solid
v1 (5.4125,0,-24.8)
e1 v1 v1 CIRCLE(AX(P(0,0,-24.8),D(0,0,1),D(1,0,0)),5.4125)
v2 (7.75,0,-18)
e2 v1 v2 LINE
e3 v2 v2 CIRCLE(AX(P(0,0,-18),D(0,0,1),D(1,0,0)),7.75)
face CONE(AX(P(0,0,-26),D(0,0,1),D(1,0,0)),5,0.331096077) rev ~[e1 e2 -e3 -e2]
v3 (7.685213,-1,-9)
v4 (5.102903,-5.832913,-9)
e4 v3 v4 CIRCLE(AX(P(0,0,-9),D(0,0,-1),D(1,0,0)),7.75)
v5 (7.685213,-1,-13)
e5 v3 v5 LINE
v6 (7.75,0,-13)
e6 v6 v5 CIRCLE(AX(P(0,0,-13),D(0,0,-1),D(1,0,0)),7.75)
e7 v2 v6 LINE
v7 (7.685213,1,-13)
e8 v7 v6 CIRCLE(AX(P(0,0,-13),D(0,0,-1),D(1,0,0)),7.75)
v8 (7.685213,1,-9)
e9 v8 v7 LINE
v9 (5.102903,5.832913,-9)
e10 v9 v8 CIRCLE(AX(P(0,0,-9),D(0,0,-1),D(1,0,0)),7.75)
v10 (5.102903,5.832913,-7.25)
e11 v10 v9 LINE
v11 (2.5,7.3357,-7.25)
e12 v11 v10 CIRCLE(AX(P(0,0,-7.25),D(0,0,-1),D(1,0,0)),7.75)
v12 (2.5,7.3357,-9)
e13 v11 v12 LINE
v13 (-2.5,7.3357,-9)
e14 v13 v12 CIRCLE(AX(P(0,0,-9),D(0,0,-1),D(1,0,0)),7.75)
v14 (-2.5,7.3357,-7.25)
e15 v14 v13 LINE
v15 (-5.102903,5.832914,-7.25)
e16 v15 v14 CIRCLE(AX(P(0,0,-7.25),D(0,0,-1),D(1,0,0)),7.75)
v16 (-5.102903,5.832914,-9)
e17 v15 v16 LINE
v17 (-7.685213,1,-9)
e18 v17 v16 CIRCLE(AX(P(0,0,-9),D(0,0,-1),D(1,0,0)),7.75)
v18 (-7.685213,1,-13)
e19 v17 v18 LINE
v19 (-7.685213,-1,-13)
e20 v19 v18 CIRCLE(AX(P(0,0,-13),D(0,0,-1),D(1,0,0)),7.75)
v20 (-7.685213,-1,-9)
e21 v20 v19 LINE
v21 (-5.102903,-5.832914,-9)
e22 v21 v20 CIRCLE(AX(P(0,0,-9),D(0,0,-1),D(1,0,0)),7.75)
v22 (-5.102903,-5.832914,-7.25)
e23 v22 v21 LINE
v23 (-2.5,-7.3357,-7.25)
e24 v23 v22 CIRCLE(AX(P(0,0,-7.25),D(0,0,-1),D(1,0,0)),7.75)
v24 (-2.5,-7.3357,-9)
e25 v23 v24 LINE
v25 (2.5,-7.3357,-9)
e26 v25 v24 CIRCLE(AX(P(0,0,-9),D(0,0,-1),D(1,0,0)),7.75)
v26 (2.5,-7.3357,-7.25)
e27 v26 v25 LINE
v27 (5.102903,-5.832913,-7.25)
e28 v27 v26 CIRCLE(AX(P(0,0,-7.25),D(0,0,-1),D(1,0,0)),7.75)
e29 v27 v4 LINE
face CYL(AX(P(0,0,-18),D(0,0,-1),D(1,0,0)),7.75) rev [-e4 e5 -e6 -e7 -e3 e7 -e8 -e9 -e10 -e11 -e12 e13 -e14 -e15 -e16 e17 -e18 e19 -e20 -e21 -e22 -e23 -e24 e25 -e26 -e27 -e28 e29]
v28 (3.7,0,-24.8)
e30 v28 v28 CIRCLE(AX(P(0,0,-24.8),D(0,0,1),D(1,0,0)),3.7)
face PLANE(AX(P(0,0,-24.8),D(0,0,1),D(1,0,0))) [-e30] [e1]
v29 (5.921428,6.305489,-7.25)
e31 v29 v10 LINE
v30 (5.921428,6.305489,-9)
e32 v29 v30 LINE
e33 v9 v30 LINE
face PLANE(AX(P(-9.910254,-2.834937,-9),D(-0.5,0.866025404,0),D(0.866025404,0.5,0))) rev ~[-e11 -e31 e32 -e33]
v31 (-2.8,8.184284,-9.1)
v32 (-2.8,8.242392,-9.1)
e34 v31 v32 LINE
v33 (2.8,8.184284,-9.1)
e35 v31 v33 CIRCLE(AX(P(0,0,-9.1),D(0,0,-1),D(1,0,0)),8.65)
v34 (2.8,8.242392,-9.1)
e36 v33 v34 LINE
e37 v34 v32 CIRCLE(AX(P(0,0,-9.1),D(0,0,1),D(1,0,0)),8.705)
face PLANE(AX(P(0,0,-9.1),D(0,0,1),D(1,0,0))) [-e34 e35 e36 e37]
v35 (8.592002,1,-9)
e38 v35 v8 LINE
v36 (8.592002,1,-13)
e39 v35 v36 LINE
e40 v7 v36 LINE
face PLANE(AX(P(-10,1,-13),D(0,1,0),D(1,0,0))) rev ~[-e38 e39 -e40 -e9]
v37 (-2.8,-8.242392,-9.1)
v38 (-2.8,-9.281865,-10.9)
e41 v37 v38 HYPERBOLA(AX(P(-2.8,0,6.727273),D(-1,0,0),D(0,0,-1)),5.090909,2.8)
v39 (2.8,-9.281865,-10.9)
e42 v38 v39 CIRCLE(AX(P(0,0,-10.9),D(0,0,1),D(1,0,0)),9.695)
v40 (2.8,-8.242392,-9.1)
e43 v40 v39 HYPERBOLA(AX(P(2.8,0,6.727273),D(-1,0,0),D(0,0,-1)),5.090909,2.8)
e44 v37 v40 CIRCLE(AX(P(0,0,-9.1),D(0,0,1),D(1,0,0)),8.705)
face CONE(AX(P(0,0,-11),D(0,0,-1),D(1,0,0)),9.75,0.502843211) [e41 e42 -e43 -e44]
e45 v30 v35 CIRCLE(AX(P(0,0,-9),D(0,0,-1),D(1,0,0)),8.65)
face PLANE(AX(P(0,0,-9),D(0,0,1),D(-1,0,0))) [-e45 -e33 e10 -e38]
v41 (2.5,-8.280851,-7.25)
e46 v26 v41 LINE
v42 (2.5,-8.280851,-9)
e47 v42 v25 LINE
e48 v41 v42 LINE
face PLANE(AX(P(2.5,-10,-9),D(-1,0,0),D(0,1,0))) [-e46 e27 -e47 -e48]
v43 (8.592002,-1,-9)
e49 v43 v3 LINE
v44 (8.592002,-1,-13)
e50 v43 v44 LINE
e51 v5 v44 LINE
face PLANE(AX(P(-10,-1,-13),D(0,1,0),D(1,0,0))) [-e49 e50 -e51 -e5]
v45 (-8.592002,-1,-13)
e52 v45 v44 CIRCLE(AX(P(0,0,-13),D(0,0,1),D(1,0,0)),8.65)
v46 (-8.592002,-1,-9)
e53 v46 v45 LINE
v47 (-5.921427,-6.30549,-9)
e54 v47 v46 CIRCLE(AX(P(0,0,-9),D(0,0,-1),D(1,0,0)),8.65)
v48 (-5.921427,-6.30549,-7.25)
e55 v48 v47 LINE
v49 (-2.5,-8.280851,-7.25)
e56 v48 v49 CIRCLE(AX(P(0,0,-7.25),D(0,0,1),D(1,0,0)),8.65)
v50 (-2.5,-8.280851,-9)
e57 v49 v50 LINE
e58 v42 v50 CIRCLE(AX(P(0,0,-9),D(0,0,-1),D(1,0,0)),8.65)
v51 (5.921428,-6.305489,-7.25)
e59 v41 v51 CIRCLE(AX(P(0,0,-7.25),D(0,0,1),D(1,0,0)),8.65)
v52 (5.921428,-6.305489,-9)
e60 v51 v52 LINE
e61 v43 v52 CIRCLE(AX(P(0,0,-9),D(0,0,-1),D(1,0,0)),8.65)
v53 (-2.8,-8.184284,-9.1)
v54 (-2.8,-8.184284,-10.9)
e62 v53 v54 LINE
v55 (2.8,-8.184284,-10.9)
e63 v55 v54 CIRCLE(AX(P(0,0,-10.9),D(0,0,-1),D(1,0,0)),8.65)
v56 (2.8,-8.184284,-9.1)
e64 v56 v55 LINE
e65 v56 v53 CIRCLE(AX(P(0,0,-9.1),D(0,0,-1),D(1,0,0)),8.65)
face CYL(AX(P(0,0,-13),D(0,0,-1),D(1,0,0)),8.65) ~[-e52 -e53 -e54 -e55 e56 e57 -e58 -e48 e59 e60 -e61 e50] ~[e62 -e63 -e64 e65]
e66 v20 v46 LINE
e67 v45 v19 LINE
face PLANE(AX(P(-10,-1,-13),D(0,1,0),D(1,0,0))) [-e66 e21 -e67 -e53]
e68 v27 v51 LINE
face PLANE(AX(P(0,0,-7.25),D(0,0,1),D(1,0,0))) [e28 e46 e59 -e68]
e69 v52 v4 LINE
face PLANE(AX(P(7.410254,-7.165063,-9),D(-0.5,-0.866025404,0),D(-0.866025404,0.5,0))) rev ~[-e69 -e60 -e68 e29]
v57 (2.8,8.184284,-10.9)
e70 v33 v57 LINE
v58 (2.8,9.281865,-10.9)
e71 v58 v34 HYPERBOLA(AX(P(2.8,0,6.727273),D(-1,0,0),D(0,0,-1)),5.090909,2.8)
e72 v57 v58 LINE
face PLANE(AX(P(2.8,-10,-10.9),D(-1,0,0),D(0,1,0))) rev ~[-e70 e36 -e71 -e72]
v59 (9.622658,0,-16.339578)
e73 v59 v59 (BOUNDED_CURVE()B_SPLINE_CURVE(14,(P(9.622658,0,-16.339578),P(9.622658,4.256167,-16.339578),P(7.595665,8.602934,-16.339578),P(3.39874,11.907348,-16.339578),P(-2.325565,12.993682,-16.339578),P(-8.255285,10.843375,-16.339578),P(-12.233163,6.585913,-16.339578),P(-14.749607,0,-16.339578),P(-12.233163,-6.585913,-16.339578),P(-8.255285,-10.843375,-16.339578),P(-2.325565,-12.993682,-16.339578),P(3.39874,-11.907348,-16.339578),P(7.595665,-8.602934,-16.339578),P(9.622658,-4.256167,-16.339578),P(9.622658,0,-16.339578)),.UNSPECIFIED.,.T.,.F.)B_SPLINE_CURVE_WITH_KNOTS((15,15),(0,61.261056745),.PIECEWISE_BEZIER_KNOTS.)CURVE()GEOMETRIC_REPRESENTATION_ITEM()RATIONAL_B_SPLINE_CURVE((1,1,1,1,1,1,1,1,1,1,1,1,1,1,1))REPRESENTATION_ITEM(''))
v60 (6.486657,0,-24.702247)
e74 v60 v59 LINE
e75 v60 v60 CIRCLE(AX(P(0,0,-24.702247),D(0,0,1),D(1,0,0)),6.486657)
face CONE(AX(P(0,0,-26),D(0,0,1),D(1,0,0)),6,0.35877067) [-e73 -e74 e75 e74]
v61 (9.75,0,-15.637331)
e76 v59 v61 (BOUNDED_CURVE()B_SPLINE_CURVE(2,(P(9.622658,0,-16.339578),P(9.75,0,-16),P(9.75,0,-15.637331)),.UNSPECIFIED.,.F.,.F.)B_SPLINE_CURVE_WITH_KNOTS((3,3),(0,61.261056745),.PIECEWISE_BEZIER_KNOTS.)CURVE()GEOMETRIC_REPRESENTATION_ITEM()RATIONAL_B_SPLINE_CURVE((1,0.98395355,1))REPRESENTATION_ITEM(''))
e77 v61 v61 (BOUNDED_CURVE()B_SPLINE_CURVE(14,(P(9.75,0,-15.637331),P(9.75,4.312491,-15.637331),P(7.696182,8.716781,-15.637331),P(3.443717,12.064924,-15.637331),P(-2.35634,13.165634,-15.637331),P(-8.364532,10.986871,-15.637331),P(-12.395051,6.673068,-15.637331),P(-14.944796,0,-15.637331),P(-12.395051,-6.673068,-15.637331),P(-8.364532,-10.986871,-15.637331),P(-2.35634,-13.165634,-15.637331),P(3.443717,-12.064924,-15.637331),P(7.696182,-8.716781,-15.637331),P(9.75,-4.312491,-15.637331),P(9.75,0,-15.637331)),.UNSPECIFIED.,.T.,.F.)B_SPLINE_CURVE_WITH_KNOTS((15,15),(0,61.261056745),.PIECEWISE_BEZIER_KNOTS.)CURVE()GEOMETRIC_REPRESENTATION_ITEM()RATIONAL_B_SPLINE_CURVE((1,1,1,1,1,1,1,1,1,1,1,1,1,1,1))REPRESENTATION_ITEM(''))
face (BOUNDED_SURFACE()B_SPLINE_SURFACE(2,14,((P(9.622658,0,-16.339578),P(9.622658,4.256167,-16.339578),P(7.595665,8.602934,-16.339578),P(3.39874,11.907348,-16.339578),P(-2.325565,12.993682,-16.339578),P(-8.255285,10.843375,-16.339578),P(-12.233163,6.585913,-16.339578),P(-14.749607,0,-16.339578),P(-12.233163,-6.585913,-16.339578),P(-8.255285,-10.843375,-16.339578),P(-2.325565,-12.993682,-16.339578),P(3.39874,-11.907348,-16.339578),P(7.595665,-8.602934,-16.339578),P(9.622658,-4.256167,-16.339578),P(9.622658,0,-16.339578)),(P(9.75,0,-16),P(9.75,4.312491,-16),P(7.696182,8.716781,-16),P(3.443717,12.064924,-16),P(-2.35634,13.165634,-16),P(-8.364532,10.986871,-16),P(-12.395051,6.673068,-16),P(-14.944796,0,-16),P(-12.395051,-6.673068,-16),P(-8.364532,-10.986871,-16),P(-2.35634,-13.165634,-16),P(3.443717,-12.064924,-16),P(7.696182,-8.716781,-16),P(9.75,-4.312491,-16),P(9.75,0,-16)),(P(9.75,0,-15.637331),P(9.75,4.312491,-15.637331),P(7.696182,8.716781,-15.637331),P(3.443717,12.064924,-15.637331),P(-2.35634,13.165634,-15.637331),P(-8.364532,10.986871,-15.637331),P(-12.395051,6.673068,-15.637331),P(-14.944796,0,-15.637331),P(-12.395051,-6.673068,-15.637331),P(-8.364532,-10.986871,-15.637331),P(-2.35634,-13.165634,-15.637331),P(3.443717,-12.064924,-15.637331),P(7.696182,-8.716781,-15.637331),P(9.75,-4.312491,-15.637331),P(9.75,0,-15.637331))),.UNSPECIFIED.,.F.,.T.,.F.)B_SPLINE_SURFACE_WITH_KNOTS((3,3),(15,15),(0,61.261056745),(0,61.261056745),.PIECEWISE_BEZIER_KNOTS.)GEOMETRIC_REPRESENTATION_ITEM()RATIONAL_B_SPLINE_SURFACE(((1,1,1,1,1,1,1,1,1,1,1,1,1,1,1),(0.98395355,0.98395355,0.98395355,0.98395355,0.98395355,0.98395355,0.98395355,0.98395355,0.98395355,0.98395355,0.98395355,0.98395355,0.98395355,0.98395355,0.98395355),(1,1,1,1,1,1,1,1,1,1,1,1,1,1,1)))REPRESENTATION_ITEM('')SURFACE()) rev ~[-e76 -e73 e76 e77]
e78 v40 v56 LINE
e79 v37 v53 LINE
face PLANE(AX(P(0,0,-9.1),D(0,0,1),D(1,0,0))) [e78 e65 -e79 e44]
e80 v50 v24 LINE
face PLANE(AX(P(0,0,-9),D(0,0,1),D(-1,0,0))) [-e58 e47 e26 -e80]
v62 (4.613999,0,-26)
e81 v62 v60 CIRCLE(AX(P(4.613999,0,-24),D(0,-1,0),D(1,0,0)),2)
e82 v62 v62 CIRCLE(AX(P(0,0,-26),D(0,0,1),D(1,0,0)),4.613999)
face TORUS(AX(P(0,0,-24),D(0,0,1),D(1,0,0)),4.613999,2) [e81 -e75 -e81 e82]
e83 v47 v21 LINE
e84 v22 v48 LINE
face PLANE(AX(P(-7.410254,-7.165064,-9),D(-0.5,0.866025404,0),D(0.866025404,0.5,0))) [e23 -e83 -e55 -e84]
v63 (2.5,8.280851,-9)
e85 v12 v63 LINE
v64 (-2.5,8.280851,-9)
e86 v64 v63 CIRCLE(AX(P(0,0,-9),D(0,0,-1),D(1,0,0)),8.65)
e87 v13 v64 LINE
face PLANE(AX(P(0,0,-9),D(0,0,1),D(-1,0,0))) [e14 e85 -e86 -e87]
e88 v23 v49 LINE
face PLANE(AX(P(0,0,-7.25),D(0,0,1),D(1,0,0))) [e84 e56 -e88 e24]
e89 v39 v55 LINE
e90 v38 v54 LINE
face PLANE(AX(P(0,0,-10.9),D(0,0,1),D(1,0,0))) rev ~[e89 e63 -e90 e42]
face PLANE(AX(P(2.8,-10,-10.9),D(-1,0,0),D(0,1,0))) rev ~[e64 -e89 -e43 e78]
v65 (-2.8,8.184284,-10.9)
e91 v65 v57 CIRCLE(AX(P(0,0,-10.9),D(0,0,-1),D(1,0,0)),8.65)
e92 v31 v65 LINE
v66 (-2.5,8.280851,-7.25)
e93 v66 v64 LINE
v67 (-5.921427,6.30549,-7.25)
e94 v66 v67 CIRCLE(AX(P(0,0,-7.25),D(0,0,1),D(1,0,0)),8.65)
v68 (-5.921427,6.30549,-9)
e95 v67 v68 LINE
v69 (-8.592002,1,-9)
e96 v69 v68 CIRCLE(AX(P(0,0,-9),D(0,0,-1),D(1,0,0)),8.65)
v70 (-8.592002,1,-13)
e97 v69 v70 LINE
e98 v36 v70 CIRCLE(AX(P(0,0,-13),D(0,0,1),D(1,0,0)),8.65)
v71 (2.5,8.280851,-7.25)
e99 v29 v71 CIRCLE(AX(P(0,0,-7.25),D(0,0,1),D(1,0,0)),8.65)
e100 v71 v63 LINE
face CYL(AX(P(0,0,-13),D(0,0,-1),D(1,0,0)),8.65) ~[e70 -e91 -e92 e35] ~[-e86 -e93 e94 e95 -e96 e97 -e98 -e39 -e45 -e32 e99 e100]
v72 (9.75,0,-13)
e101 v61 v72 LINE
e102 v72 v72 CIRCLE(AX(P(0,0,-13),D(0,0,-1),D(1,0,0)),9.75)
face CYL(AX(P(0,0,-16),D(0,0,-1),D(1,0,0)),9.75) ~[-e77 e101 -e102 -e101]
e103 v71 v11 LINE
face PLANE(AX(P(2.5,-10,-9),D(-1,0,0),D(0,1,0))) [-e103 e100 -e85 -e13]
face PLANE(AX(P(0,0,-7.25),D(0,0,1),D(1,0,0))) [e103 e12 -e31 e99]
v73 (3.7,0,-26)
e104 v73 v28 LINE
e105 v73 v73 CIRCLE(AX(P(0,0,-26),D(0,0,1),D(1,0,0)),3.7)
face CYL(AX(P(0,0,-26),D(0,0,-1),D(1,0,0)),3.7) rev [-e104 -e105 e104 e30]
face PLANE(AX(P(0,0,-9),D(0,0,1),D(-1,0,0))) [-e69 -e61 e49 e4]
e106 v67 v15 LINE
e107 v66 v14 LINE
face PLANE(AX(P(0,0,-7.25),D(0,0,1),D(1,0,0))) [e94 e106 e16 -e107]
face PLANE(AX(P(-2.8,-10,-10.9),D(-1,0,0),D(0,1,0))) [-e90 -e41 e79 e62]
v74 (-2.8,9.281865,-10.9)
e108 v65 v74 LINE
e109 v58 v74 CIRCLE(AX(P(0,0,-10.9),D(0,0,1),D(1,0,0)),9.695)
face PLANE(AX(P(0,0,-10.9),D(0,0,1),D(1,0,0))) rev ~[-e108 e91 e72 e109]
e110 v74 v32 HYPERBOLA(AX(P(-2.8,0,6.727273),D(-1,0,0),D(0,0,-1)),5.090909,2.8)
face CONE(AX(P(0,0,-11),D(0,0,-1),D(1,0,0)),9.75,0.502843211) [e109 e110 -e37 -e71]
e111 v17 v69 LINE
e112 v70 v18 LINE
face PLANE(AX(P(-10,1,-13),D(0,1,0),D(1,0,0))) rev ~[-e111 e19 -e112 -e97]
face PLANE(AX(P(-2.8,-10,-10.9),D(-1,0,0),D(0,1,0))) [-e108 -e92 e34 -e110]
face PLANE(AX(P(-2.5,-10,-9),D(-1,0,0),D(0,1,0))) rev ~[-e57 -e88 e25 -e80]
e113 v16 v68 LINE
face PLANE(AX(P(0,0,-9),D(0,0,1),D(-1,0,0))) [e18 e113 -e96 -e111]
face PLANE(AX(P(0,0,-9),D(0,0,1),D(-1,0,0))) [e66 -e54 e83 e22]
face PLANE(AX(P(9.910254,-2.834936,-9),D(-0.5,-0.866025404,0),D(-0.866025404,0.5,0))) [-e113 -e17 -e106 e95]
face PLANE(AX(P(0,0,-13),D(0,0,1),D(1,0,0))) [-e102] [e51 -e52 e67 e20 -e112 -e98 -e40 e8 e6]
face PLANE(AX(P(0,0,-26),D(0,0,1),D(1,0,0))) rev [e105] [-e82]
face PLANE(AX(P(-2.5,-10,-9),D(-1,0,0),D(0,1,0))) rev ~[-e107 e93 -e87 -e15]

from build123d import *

# Parameters (mm, degrees)
BOX029_W               = 20
BOX029_H               = 5
BOX029_DEPTH           = 2
BOX029_PLACEMENT_ANGLE = 30
BOX027_W               = 20
BOX027_H               = 5
BOX027_DEPTH           = 2
BOX028_W               = 20
BOX028_H               = 5
BOX028_DEPTH           = 2
BOX028_PLACEMENT_ANGLE = 150
BOX030_W               = 20
BOX030_H               = 5
BOX030_DEPTH           = 2
BOX008_W               = 20
BOX008_H               = 2
BOX008_DEPTH           = 6
CYLINDER039_R          = 3.7
CYLINDER039_DEPTH      = 1.2
CYLINDER038_R          = 6
CYLINDER038_DEPTH      = 1.2
CYLINDER036_R          = 7.75
CYLINDER036_DEPTH      = 11
CYLINDER035_R          = 7.3
CYLINDER035_DEPTH      = 11
BOX007_W               = 5.6
BOX007_H               = 20
BOX007_DEPTH           = 1.8
CYLINDER037_R          = 9.75
CYLINDER037_DEPTH      = 3
CYLINDER_R             = 8.65
CYLINDER_DEPTH         = 5.75
FILLET002_R            = 2


with BuildPart() as cube029:
    # Box029 → Box029 (new body)
    with BuildSketch(Plane.XY):
        with Locations((10, 2.5)):
            Rectangle(BOX029_W, BOX029_H)
    extrude(amount=BOX029_DEPTH)


with BuildPart() as cube029_1:
    # Box029 placement: moved
    add(cube029.part.moved(Location((-7.410254, -7.165064, -1))).rotate(Axis((-7.410254, -7.165064, -1), (0, 0, 1)), BOX029_PLACEMENT_ANGLE))


with BuildPart() as cube027:
    # Box027 → Box027 (new body)
    with BuildSketch(Plane(origin=(2.5, -10, -1), x_dir=(0, 1, 0), z_dir=(0, 0, 1))):
        with Locations((10, 2.5)):
            Rectangle(BOX027_W, BOX027_H)
    extrude(amount=BOX027_DEPTH)


with BuildPart() as cube028:
    # Box028 → Box028 (new body)
    with BuildSketch(Plane.XY):
        with Locations((10, 2.5)):
            Rectangle(BOX028_W, BOX028_H)
    extrude(amount=BOX028_DEPTH)


with BuildPart() as cube028_1:
    # Box028 placement: moved
    add(cube028.part.moved(Location((9.910254, -2.834936, -1))).rotate(Axis((9.910254, -2.834936, -1), (0, 0, 1)), BOX028_PLACEMENT_ANGLE))


with BuildPart() as cube030:
    # Box030 → Box030 (new body)
    with BuildSketch(Plane(origin=(10, 2.5, -1), x_dir=(-1, 0, 0), z_dir=(0, 0, 1))):
        with Locations((10, 2.5)):
            Rectangle(BOX030_W, BOX030_H)
    extrude(amount=BOX030_DEPTH)


with BuildPart() as fusion022:
    # Box008 → Box008 (new body)
    with BuildSketch(Plane(origin=(-10, -1, -5), x_dir=(1, 0, 0), z_dir=(0, 0, 1))):
        with Locations((10, 1)):
            Rectangle(BOX008_W, BOX008_H)
    extrude(amount=BOX008_DEPTH)

    # Fusion022: union Cube029, Cube027, Cube028, Cube030
    add(cube029_1.part)
    add(cube027.part)
    add(cube028_1.part)
    add(cube030.part)


with BuildPart() as cylinder037:
    # Cylinder039 → Cylinder039 (new body)
    with BuildSketch(Plane.XY.offset(-18)):
        Circle(CYLINDER039_R)
    extrude(amount=CYLINDER039_DEPTH)


with BuildPart() as top:
    # Cylinder038 → Cylinder038 (new body)
    with BuildSketch(Plane.XY.offset(-18)):
        Circle(CYLINDER038_R)
    extrude(amount=CYLINDER038_DEPTH)

    # Cut013004: cut Cylinder037
    add(cylinder037.part, mode=Mode.SUBTRACT)


with BuildPart() as cylinder034:
    # Cylinder036 → Cylinder036 (new body)
    with BuildSketch(Plane.XY.offset(-10)):
        Circle(CYLINDER036_R)
    extrude(amount=CYLINDER036_DEPTH)


with BuildPart() as fusion015:
    # Cone003 → Cone003 (revolve)
    with BuildSketch(Plane(origin=(0, 0, -18), x_dir=(1, 0, 0), z_dir=(0, -1, 0))):
        Polygon((0, 0), (5, 0), (7.75, 8), (0, 8), align=None)
    revolve(axis=Axis((0, 0, -18), (0, 0, 1)))

    # Fusion015: union Cylinder034
    add(cylinder034.part)


with BuildPart() as cylinder033:
    # Cylinder035 → Cylinder035 (new body)
    with BuildSketch(Plane.XY.offset(-9)):
        Circle(CYLINDER035_R)
    extrude(amount=CYLINDER035_DEPTH)


with BuildPart() as cube007:
    # Box007 → Box007 (new body)
    with BuildSketch(Plane(origin=(-2.8, -10, -7.9), x_dir=(1, 0, 0), z_dir=(0, 0, 1))):
        with Locations((2.8, 10)):
            Rectangle(BOX007_W, BOX007_H)
    extrude(amount=BOX007_DEPTH)


with BuildPart() as clips:
    # Cone002 → Cone002 (revolve)
    with BuildSketch(Plane(origin=(0, 0, -8), x_dir=(1, 0, 0), z_dir=(0, -1, 0))):
        Polygon((0, 0), (9.75, 0), (8.65, 2), (0, 2), align=None)
    revolve(axis=Axis((0, 0, -8), (0, 0, 1)))

    # Common: intersect Cube007
    add(cube007.part, mode=Mode.INTERSECT)

    # Cut013002: cut Cylinder033
    add(cylinder033.part, mode=Mode.SUBTRACT)


with BuildPart() as clips_1:
    # Cut013002 placement: moved
    add(clips.part.moved(Location((0, 0, 5))))


with BuildPart() as cylinder035:
    # Cylinder037 → Cylinder037 (new body)
    with BuildSketch(Plane.XY.offset(-8)):
        Circle(CYLINDER037_R)
    extrude(amount=CYLINDER037_DEPTH)


with BuildPart() as cylinder:
    # Cylinder → Cylinder (new body)
    with BuildSketch(Plane.XY.offset(-5)):
        Circle(CYLINDER_R)
    extrude(amount=CYLINDER_DEPTH)


with BuildPart() as connector_body:
    # Cone → Cone (revolve)
    with BuildSketch(Plane(origin=(0, 0, -18), x_dir=(1, 0, 0), z_dir=(0, -1, 0))):
        Polygon((0, 0), (6, 0), (9.75, 10), (0, 10), align=None)
    revolve(axis=Axis((0, 0, -18), (0, 0, 1)))

    # Fusion014: union Clips, Cylinder035, Cylinder
    add(clips_1.part)
    add(cylinder035.part)
    add(cylinder.part)

    # Cut013003: cut Fusion015
    add(fusion015.part, mode=Mode.SUBTRACT)

    # Fusion021: union Top
    add(top.part)

    # Fillet002
    fillet002_edges = [connector_body.edges().sort_by_distance(p)[0] for p in [
        (-9.75, 0, -8),
        (-6, 0, -18),
    ]]
    fillet(fillet002_edges, radius=FILLET002_R)

    # Cut013011: cut Fusion022
    add(fusion022.part, mode=Mode.SUBTRACT)


with BuildPart() as connector_body_1:
    # Cut013011 placement: moved
    add(connector_body.part.moved(Location((0, 0, -8))))


solid = connector_body_1.part
